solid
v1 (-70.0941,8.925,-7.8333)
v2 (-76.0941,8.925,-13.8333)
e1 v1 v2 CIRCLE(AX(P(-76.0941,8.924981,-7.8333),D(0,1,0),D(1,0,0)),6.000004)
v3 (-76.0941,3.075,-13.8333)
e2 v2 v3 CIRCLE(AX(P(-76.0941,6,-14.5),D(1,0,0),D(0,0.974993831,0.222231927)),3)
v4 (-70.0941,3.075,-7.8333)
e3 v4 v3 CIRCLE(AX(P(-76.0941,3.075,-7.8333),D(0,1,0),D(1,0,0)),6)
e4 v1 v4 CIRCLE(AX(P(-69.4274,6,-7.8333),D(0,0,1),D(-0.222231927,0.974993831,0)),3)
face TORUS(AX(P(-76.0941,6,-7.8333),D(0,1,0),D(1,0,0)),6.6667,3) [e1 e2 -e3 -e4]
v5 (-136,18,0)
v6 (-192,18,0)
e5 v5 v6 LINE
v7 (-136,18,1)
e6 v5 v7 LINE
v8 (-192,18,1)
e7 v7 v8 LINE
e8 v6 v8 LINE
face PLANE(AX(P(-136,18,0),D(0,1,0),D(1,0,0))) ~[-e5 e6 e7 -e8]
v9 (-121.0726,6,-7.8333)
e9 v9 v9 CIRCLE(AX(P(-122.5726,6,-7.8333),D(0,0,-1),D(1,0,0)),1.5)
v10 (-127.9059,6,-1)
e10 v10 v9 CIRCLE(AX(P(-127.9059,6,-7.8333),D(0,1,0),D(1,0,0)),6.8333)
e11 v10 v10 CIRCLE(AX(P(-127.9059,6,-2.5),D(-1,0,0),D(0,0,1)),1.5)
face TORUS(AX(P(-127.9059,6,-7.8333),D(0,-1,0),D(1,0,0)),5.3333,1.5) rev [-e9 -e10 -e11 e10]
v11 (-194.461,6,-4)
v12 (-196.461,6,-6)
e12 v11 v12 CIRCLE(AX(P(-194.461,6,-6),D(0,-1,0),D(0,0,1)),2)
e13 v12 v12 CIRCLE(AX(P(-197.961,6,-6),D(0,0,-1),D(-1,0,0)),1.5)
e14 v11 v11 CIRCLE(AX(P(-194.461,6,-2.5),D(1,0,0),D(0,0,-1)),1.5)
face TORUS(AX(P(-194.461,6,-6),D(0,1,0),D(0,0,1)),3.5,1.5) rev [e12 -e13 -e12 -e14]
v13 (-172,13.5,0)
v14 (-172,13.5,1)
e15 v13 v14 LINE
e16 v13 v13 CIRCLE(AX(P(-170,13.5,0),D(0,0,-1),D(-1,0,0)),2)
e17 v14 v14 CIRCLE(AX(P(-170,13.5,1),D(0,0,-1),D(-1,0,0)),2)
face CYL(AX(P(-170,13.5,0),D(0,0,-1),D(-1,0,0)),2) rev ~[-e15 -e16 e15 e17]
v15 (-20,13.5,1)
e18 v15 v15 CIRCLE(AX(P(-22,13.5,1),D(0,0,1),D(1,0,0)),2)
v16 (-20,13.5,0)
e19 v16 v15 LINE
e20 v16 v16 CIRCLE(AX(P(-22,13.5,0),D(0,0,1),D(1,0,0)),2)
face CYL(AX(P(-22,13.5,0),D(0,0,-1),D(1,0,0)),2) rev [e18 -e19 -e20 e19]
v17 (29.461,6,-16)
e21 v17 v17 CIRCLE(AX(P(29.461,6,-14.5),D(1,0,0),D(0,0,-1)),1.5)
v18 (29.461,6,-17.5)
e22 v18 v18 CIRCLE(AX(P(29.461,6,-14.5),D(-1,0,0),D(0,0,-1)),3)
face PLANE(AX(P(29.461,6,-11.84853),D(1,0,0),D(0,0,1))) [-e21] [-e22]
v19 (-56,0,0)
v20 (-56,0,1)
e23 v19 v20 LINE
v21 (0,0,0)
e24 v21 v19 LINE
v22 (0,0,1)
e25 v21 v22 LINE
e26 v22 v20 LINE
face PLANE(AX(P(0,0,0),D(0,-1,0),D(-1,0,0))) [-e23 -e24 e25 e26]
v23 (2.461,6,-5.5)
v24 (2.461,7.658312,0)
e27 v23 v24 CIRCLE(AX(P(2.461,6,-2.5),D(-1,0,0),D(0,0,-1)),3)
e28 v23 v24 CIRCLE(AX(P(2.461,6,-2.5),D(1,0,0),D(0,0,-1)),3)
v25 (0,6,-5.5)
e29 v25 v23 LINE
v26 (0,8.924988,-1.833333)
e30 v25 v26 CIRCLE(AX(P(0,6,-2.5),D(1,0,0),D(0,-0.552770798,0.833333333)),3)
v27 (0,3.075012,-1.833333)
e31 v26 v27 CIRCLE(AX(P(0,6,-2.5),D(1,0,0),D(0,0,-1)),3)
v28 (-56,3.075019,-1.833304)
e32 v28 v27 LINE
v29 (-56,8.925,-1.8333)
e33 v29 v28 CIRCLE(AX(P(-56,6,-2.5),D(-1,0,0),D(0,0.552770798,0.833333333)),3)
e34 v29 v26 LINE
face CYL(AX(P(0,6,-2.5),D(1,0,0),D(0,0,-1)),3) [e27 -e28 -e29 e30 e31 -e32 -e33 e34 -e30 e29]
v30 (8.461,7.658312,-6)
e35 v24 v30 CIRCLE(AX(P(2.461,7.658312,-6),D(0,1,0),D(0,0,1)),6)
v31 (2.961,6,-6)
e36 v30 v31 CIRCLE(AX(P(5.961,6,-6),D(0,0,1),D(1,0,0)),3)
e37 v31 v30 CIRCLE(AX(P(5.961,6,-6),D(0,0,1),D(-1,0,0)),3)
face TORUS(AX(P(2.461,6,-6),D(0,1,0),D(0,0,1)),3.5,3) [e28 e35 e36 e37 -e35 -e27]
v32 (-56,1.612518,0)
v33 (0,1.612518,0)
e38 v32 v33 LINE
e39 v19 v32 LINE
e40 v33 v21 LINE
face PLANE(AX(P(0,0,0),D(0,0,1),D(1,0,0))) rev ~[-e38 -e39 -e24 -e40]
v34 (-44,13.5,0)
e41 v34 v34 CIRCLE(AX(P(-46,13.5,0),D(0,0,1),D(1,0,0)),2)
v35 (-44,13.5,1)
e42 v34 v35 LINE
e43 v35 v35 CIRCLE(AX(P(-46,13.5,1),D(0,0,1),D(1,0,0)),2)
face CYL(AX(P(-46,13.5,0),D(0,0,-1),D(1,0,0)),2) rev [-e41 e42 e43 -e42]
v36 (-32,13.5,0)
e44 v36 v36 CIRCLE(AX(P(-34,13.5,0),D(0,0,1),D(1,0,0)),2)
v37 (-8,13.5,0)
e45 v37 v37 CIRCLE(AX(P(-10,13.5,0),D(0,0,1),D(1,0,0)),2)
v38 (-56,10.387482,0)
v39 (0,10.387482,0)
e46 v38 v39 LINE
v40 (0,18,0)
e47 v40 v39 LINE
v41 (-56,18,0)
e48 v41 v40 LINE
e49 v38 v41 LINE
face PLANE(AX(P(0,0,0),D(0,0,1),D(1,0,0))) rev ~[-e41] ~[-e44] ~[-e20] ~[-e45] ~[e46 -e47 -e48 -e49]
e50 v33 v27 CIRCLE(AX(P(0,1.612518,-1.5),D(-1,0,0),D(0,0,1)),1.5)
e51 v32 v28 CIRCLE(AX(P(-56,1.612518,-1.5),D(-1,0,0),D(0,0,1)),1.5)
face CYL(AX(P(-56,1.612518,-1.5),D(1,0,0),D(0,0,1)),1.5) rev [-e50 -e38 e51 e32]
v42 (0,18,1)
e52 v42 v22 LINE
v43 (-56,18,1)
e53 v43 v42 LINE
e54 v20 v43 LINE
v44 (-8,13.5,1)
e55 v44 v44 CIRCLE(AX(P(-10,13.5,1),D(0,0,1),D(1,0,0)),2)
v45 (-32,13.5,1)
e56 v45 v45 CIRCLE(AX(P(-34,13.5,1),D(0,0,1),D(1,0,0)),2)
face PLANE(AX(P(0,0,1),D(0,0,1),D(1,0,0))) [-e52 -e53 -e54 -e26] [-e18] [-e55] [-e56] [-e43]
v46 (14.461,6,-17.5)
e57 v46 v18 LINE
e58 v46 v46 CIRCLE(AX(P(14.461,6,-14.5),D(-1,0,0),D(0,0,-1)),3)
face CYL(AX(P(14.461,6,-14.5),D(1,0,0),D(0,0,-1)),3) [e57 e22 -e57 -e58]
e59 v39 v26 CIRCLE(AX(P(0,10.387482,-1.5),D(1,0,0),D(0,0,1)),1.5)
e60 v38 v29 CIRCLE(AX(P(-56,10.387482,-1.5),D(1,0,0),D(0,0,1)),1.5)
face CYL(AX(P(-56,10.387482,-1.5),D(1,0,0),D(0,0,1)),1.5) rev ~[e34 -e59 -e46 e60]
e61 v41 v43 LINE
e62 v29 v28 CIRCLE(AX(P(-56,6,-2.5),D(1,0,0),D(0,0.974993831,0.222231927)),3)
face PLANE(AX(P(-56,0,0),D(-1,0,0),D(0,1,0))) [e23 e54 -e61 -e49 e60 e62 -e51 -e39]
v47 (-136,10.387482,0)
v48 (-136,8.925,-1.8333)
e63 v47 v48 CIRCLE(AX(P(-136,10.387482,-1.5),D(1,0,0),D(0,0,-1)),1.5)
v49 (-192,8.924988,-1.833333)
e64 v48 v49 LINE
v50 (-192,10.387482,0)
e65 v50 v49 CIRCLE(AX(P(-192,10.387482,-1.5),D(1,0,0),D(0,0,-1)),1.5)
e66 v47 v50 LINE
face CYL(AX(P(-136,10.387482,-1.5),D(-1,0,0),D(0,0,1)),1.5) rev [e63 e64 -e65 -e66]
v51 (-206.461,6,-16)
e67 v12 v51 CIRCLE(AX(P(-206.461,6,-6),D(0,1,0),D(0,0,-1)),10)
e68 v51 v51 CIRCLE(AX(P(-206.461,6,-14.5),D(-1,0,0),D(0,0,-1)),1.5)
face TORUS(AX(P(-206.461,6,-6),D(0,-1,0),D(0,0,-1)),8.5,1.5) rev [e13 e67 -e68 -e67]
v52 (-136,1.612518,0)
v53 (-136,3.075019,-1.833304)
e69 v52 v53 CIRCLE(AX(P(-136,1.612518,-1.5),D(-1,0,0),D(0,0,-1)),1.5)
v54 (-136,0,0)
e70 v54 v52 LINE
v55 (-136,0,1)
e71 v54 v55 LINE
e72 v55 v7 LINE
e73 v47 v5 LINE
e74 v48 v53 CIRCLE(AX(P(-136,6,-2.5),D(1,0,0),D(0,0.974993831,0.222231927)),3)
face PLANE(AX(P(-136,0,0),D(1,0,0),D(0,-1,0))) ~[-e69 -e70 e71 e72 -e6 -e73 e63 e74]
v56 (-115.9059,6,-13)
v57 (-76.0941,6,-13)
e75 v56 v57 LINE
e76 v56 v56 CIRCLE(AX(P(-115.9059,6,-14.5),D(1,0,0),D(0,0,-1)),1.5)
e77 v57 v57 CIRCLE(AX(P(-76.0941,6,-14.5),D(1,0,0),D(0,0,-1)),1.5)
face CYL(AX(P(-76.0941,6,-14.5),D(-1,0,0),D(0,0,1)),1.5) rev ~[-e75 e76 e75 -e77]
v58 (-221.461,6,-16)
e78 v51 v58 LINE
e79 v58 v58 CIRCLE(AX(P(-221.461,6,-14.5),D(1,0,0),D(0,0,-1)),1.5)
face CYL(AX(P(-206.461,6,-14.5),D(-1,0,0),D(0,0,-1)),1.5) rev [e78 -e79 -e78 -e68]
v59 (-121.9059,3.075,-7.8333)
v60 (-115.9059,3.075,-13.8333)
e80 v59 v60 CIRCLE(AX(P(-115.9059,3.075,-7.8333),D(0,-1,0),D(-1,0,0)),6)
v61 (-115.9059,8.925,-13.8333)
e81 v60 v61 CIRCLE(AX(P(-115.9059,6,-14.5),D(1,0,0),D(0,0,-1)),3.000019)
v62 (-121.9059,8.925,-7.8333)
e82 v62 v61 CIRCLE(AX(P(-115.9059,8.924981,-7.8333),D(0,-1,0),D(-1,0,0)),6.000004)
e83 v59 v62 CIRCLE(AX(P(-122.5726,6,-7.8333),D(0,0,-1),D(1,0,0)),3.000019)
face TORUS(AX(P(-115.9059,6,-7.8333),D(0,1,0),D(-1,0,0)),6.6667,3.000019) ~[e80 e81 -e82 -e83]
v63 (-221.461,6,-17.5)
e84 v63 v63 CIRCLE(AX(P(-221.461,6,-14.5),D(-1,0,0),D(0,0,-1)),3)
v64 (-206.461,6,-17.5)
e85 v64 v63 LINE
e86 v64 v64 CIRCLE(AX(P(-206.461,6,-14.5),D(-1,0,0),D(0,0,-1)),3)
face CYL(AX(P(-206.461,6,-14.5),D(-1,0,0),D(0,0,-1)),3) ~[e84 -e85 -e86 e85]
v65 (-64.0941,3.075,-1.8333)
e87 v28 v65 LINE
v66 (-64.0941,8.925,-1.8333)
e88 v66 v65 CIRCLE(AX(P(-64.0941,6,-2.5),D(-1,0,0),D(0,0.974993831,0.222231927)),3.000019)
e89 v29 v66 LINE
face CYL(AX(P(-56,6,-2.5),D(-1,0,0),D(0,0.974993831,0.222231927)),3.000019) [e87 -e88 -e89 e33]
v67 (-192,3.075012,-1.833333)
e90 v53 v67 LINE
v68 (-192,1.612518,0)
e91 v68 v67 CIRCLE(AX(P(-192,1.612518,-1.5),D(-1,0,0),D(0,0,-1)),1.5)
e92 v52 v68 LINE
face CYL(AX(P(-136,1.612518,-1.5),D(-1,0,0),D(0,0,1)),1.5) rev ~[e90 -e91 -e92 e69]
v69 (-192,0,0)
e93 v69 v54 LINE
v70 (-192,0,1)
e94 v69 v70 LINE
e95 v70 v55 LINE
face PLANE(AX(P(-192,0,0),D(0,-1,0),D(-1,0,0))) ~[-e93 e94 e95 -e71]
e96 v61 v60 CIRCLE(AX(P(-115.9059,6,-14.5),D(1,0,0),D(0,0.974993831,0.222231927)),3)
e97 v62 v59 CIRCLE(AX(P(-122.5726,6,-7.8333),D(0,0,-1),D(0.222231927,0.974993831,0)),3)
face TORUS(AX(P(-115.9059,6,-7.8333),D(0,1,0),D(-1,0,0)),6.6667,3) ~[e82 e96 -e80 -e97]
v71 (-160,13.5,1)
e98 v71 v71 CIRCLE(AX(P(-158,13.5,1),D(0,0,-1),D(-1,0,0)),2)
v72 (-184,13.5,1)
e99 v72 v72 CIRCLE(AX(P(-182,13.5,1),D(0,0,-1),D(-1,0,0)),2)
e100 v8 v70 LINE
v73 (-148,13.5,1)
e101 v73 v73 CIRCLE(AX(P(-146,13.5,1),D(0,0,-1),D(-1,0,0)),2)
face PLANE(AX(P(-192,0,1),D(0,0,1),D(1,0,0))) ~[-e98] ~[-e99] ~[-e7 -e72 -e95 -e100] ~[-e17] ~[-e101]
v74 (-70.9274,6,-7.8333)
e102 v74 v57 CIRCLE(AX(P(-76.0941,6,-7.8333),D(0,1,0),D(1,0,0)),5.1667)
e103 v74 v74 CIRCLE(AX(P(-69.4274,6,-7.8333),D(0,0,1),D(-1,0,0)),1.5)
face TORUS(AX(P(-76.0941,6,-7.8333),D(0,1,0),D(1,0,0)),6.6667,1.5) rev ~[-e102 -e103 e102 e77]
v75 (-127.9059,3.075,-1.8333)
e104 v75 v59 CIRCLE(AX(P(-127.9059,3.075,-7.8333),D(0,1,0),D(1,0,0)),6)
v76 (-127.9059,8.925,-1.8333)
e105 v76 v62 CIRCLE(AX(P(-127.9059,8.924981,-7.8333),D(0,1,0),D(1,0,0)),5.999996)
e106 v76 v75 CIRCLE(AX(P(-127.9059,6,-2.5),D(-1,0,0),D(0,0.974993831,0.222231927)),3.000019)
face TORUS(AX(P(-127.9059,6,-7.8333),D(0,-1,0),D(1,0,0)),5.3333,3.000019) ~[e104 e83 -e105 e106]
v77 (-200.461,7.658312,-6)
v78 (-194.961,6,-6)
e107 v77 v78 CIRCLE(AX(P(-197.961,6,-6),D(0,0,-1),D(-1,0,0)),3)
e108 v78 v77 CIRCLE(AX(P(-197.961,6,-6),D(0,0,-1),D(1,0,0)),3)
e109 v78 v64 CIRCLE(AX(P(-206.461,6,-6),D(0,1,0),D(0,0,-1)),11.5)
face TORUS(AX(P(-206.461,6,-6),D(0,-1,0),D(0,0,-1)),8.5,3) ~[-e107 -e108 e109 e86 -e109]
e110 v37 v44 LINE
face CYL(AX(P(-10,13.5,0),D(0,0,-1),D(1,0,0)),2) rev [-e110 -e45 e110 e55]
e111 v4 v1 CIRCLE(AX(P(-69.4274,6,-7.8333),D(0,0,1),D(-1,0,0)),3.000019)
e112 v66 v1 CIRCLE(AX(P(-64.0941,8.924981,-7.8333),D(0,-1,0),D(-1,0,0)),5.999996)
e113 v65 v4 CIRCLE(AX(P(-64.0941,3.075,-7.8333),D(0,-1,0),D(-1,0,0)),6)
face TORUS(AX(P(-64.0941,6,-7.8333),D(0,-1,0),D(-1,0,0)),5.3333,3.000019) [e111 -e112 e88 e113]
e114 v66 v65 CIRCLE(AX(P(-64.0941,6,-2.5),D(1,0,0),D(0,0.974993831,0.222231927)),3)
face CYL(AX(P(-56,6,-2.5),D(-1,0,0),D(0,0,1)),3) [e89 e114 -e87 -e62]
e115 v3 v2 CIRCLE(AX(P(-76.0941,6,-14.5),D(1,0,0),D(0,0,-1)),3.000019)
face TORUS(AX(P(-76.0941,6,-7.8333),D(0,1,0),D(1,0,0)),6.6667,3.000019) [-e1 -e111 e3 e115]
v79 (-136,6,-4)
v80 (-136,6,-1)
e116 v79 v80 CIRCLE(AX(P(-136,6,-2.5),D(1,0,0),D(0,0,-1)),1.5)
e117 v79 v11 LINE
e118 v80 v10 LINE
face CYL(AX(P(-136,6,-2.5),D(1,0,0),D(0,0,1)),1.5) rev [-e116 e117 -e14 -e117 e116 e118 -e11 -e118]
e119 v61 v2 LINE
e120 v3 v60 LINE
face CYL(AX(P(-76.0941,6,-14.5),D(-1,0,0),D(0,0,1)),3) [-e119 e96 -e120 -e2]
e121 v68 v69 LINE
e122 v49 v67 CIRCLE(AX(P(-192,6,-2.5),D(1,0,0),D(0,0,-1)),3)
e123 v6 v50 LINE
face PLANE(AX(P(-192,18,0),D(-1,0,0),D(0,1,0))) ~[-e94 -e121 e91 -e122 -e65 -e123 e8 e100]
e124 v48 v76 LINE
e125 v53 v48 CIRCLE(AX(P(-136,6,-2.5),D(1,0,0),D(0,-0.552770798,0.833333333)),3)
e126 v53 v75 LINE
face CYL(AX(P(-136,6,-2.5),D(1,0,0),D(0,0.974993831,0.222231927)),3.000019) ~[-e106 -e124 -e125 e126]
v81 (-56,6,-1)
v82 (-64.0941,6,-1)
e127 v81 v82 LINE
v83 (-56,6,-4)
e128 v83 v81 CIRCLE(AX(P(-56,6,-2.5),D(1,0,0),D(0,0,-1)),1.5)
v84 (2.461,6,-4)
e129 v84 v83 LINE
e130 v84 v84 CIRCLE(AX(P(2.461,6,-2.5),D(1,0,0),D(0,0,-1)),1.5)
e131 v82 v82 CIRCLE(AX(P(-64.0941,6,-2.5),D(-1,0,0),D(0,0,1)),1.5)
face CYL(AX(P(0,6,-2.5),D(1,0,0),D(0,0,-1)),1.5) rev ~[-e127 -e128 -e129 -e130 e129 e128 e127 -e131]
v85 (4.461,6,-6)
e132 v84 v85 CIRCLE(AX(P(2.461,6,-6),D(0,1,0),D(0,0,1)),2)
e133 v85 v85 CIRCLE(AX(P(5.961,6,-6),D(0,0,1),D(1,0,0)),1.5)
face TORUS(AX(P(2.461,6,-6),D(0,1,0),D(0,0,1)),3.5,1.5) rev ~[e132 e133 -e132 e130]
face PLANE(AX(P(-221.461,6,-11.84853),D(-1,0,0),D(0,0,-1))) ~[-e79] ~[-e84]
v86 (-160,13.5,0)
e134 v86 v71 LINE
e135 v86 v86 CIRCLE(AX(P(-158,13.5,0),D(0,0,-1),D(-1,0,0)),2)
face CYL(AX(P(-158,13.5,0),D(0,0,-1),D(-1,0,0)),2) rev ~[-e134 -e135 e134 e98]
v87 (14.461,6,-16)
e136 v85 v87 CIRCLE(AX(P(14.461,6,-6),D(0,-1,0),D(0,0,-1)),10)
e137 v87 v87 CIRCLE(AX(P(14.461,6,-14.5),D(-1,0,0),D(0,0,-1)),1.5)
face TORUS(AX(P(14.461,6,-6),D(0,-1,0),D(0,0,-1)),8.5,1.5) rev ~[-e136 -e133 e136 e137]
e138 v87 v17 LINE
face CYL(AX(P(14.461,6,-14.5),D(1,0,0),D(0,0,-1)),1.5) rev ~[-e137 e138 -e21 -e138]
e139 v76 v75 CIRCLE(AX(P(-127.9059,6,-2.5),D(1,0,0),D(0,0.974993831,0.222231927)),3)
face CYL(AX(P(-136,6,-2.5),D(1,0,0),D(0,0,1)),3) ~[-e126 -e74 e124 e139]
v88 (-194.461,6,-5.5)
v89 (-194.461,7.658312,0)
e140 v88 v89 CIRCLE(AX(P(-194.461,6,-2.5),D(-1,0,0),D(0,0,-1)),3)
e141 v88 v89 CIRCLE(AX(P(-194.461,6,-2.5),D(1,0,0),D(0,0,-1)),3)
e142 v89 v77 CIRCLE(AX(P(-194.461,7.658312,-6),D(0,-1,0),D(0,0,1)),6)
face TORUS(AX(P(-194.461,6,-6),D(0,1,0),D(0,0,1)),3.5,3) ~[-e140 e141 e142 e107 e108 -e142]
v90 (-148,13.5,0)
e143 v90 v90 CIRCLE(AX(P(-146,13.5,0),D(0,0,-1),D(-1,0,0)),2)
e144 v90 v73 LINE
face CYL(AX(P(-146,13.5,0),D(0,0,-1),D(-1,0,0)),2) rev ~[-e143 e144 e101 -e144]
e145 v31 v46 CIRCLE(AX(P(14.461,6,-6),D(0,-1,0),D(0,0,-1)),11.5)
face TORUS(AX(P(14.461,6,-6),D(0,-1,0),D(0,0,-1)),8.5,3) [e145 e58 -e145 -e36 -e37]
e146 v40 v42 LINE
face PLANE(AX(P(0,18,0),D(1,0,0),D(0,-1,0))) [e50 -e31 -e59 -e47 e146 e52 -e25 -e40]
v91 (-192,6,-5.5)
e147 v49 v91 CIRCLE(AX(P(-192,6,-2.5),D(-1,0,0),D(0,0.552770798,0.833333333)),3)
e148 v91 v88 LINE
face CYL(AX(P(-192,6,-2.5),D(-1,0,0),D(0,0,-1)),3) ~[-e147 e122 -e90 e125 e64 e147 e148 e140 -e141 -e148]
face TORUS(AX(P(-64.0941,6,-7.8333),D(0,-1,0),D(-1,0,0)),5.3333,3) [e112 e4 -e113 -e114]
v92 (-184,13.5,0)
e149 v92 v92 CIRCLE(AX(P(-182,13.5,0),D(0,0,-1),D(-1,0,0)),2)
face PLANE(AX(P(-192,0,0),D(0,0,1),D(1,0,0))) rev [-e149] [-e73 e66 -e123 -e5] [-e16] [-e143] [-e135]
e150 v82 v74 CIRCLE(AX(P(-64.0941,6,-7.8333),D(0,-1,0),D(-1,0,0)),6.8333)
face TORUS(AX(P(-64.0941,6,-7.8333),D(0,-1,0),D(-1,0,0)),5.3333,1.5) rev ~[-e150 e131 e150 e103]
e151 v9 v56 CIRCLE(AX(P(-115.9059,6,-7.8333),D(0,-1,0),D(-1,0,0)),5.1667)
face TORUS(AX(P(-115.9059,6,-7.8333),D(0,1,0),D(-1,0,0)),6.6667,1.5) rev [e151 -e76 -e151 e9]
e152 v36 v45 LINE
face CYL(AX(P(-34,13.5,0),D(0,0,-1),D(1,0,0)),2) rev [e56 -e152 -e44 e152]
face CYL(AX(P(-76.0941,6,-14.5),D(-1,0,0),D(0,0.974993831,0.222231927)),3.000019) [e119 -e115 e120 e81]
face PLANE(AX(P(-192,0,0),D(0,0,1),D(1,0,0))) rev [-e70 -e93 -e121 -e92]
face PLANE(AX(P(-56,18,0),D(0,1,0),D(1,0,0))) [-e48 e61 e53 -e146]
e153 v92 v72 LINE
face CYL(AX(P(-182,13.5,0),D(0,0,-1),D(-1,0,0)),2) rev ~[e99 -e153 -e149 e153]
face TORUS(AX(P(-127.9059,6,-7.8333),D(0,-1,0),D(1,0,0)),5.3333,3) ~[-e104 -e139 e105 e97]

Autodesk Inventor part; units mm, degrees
ref_plane "YZ Plane" through (0, 0, 0) normal (1, 0, 0) x (0, 1, 0)
ref_plane "XZ Plane" through (0, 0, 0) normal (0, 1, 0) x (-1, 0, 0)
ref_plane "XY Plane" through (0, 0, 0) normal (0, 0, 1) x (1, 0, 0)
sketch "Sketch1" plane through (0, 0, 0) normal (0, 0, 1) x (1, 0, 0)
  line L0 (0, 0) -> (-56, 0)
  line L1 (-56, 0) -> (-56, 18)
  line L2 (-56, 18) -> (0, 18)
  line L3 (0, 18) -> (0, 0)
  circle A0 centre (-10, 13.5) radius 2
  circle A1 centre (-22, 13.5) radius 2
  circle A2 centre (-34, 13.5) radius 2
  circle A3 centre (-46, 13.5) radius 2
  dimension "d0" = 18
  dimension "d2" = 4
  dimension "d3" = 13.5
  dimension "d4" = 10
  dimension "d7" = 12
  dimension "d12" = 10
extrude "Extrusion1" add sketch "Sketch1" along normal blind 1
sketch "Sketch2" plane through (0, 0, 0) normal (1, 0, 0) x (0, 0, -1)
  circle A0 centre (2.5, 6) radius 3
  circle A1 centre (2.5, 6) radius 1.5
  line L0 (0, 18) -> (0, 0) projected
  dimension "d15" = 6
  dimension "d17" = 1.5
  dimension "d18" = 6
  dimension "d23" = 2.5
extrude "Extrusion2" add sketch "Sketch2" against normal up to surface (56 mm away)
ref_plane "Work Plane1" through (-28, 0, 1) normal (1, 0, 0) x (0, 0, -1)
fillet "Fillet1" radius 1.5 2 edges at (-28, 4.3417, 0) (-28, 7.6583, 0)
sketch "Sketch3" plane through (-56, 0, 1) normal (-1, 0, 0) x (0, 0, 1)
  circle A0 centre (-3.5, 6) radius 1.5 projected
  circle A1 centre (-3.5, 6) radius 1.5
  arc A2 (-2.8333, 8.925) -> (-2.8333, 3.075) centre (-3.5, 6) ccw projected
  circle A3 centre (-3.5, 6) radius 3
  point P0 (-1, 0)
ref_plane "Work Plane2" through (-96, 6, -2.5) normal (-1, 0, 0) x (0, 0, 1)
sketch "Sketch4" plane through (-56, 18, 0) normal (0, 1, 0) x (1, 0, 0)
  line L0 (56, 0) -> (58.461, 0)
  line L1 (64.461, 6) -> (64.461, 6)
  line L2 (70.461, 12) -> (85.461, 12)
  arc A0 (58.461, 0) -> (64.461, 6) centre (58.461, 6) ccw
  arc A1 (70.461, 12) -> (64.461, 6) centre (70.461, 6) ccw
  line L3 (0, 1.8333) -> (-8.0941, 1.8333)
  line L4 (-14.0941, 7.8333) -> (-14.0941, 7.8333)
  line L5 (56, 5.5) -> (0, 5.5) projected
  line L6 (-20.0941, 13.8333) -> (-40, 13.8333)
  arc A2 (-14.0941, 7.8333) -> (-20.0941, 13.8333) centre (-20.0941, 7.8333) ccw
  arc A3 (-14.0941, 7.8333) -> (-8.0941, 1.8333) centre (-8.0941, 7.8333) ccw
  dimension "d28" = 6
  dimension "d29" = 6
  dimension "d32" = 6
  dimension "d35" = 40
  dimension "d36" = 12
  dimension "d37" = 12
  dimension "d38" = 15
sweep "Sweep1" add profiles "Sketch2" path "Sketch4" path curves L0 A0 L1 A1 L2
sweep "Sweep2" add profiles "Sketch3" path "Sketch4" path curves L3 A3 L4 A2 L6
mirror "Mirror4" about plane through (-96, 6, -14.5) normal (-1, 0, 0) of "Extrusion1", "Extrusion2", "Fillet1", "Sweep1", "Sweep2"
ref_plane "Work Plane4" through (-96, 6, -2.5) normal (-1, 0, 0) x (0, 0, 1)
ref_plane "Work Plane5" through (-164, 0, 1) normal (1, 0, 0) x (0, 0, -1)
equation "\"d32\" = d28"
equation "\"d37\" = d36"
properties part number "RezBorda" material "Copper, Wrought"
